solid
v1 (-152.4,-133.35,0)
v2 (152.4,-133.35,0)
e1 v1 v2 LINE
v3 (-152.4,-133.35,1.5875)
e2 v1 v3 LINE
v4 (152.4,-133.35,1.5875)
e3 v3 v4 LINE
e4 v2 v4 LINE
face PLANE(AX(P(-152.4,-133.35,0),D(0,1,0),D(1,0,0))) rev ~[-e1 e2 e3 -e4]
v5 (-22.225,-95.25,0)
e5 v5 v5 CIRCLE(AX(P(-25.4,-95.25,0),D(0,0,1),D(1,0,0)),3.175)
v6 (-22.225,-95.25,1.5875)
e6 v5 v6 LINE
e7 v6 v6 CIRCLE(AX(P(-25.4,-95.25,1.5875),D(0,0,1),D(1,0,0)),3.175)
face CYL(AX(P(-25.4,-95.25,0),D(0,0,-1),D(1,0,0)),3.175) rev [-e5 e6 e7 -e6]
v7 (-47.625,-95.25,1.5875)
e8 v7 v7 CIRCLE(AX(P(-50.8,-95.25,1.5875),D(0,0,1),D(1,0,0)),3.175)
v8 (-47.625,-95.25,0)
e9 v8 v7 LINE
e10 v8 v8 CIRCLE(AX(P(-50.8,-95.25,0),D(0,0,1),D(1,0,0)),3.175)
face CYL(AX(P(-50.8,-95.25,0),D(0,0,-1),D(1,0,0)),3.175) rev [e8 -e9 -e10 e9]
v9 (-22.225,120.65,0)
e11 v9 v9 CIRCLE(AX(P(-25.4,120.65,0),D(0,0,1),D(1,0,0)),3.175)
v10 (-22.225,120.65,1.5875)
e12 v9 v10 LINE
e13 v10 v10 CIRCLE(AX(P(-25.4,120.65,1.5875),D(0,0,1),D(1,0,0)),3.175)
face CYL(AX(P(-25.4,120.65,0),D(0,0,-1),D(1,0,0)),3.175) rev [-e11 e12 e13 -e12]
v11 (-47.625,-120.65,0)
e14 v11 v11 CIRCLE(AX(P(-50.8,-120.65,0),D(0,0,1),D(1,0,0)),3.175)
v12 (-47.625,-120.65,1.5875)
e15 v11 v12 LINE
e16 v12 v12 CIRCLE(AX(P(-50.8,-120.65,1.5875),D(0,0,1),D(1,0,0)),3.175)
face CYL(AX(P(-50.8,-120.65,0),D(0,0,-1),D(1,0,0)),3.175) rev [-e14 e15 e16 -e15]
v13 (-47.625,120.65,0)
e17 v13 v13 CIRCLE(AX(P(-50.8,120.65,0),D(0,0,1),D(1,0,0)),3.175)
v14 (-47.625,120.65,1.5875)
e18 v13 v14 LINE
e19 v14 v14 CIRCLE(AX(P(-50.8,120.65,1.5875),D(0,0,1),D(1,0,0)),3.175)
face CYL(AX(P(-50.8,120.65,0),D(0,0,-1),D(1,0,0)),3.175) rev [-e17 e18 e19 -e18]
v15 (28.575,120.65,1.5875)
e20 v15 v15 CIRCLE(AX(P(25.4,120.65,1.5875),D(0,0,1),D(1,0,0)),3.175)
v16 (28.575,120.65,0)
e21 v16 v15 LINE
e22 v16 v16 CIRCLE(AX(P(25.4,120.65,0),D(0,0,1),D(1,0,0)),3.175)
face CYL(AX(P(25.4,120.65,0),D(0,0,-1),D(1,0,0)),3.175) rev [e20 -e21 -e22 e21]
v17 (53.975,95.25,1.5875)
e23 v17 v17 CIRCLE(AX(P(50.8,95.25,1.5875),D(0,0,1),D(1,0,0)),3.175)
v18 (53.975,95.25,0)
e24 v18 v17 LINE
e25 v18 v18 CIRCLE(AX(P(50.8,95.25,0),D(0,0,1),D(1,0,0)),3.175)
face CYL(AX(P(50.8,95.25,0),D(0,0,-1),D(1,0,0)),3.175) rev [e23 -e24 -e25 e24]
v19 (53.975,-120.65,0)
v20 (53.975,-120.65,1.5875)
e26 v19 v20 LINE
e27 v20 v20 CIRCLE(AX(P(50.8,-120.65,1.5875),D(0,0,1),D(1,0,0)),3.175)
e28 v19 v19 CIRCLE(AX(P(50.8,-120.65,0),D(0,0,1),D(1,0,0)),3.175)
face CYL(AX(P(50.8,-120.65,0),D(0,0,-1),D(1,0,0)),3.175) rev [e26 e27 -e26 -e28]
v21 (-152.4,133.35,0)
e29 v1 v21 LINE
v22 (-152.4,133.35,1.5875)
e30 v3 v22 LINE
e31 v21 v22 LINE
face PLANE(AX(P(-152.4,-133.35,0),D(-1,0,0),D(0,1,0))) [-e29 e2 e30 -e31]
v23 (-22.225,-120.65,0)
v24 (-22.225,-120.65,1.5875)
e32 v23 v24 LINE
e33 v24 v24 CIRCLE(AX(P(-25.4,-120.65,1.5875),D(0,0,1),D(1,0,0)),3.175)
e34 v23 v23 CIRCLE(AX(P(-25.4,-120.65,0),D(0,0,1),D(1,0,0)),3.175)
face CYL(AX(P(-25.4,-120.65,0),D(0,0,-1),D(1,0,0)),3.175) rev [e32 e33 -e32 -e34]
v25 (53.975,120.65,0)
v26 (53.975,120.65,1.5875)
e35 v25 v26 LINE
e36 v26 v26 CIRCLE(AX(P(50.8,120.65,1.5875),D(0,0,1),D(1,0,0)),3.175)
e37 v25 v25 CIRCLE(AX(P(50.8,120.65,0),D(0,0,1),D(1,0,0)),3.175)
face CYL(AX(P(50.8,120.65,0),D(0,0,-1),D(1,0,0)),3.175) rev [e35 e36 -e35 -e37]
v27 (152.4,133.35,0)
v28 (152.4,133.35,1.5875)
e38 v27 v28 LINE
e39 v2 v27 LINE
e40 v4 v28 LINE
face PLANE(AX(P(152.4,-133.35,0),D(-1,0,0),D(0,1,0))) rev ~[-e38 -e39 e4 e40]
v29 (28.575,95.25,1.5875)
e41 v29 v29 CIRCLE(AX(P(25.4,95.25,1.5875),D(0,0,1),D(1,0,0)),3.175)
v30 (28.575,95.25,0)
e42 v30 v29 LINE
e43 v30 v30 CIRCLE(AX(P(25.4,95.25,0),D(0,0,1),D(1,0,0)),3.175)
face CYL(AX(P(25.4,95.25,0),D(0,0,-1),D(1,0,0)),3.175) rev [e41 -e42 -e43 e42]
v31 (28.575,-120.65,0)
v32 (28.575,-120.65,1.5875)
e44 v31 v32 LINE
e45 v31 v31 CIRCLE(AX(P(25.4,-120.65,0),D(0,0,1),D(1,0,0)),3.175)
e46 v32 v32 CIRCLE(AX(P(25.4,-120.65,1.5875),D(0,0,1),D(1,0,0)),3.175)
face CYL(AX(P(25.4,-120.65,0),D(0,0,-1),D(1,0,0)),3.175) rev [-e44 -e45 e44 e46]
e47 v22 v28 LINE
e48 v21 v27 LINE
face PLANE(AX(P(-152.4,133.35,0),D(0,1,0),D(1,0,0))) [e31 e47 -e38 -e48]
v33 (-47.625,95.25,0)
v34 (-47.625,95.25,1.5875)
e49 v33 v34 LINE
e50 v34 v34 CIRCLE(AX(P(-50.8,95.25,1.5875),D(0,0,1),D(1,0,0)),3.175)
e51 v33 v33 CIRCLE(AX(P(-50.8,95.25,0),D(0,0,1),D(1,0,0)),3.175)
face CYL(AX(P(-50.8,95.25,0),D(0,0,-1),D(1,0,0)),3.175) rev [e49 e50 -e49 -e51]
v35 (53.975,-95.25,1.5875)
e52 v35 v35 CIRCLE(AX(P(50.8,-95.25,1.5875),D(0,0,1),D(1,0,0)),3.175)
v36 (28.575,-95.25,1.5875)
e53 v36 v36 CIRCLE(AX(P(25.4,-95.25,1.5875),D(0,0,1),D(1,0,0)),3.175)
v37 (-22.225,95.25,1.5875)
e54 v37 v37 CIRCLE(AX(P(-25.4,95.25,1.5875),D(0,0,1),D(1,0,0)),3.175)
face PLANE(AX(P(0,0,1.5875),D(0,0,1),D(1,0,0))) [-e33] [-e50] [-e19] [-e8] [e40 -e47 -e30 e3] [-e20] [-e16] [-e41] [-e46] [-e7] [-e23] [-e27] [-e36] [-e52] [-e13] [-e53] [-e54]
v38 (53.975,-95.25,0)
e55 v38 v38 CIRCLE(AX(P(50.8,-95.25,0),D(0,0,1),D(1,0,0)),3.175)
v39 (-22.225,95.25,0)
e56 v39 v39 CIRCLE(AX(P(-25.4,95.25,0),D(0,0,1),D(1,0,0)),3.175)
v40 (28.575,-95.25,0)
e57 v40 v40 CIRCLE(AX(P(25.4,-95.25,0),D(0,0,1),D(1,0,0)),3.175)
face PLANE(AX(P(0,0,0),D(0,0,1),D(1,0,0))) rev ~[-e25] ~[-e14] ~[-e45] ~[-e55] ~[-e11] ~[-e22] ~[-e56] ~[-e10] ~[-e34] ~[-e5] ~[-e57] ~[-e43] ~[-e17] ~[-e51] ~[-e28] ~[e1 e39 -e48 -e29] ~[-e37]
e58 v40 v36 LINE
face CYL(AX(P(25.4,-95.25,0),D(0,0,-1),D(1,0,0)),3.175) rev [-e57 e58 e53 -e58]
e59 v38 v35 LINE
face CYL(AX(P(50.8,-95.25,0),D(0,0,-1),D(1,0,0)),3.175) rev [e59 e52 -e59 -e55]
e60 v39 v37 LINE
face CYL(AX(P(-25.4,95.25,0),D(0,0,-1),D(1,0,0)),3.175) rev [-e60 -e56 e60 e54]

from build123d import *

# Parameters (mm, degrees)
F0_W     = 304.8
F0_H     = 266.7
F0_R     = 3.175
F1_DEPTH = 1.5875


with BuildPart() as f1:
    # F0 (on Top) → F1 (new body)
    with BuildSketch(Plane.XY):
        Rectangle(F0_W, F0_H)
        with Locations((-50.8, -120.65)):
            Circle(F0_R, mode=Mode.SUBTRACT)
        with Locations((-25.4, -120.65)):
            Circle(F0_R, mode=Mode.SUBTRACT)
        with Locations((-50.8, -95.25)):
            Circle(F0_R, mode=Mode.SUBTRACT)
        with Locations((-25.4, -95.25)):
            Circle(F0_R, mode=Mode.SUBTRACT)
        with Locations((25.4, -120.65)):
            Circle(F0_R, mode=Mode.SUBTRACT)
        with Locations((50.8, -120.65)):
            Circle(F0_R, mode=Mode.SUBTRACT)
        with Locations((25.4, -95.25)):
            Circle(F0_R, mode=Mode.SUBTRACT)
        with Locations((50.8, -95.25)):
            Circle(F0_R, mode=Mode.SUBTRACT)
        with Locations((-50.8, 95.25)):
            Circle(F0_R, mode=Mode.SUBTRACT)
        with Locations((-25.4, 95.25)):
            Circle(F0_R, mode=Mode.SUBTRACT)
        with Locations((-50.8, 120.65)):
            Circle(F0_R, mode=Mode.SUBTRACT)
        with Locations((-25.4, 120.65)):
            Circle(F0_R, mode=Mode.SUBTRACT)
        with Locations((25.4, 95.25)):
            Circle(F0_R, mode=Mode.SUBTRACT)
        with Locations((50.8, 95.25)):
            Circle(F0_R, mode=Mode.SUBTRACT)
        with Locations((25.4, 120.65)):
            Circle(F0_R, mode=Mode.SUBTRACT)
        with Locations((50.8, 120.65)):
            Circle(F0_R, mode=Mode.SUBTRACT)
    extrude(amount=F1_DEPTH)


solid = f1.part
